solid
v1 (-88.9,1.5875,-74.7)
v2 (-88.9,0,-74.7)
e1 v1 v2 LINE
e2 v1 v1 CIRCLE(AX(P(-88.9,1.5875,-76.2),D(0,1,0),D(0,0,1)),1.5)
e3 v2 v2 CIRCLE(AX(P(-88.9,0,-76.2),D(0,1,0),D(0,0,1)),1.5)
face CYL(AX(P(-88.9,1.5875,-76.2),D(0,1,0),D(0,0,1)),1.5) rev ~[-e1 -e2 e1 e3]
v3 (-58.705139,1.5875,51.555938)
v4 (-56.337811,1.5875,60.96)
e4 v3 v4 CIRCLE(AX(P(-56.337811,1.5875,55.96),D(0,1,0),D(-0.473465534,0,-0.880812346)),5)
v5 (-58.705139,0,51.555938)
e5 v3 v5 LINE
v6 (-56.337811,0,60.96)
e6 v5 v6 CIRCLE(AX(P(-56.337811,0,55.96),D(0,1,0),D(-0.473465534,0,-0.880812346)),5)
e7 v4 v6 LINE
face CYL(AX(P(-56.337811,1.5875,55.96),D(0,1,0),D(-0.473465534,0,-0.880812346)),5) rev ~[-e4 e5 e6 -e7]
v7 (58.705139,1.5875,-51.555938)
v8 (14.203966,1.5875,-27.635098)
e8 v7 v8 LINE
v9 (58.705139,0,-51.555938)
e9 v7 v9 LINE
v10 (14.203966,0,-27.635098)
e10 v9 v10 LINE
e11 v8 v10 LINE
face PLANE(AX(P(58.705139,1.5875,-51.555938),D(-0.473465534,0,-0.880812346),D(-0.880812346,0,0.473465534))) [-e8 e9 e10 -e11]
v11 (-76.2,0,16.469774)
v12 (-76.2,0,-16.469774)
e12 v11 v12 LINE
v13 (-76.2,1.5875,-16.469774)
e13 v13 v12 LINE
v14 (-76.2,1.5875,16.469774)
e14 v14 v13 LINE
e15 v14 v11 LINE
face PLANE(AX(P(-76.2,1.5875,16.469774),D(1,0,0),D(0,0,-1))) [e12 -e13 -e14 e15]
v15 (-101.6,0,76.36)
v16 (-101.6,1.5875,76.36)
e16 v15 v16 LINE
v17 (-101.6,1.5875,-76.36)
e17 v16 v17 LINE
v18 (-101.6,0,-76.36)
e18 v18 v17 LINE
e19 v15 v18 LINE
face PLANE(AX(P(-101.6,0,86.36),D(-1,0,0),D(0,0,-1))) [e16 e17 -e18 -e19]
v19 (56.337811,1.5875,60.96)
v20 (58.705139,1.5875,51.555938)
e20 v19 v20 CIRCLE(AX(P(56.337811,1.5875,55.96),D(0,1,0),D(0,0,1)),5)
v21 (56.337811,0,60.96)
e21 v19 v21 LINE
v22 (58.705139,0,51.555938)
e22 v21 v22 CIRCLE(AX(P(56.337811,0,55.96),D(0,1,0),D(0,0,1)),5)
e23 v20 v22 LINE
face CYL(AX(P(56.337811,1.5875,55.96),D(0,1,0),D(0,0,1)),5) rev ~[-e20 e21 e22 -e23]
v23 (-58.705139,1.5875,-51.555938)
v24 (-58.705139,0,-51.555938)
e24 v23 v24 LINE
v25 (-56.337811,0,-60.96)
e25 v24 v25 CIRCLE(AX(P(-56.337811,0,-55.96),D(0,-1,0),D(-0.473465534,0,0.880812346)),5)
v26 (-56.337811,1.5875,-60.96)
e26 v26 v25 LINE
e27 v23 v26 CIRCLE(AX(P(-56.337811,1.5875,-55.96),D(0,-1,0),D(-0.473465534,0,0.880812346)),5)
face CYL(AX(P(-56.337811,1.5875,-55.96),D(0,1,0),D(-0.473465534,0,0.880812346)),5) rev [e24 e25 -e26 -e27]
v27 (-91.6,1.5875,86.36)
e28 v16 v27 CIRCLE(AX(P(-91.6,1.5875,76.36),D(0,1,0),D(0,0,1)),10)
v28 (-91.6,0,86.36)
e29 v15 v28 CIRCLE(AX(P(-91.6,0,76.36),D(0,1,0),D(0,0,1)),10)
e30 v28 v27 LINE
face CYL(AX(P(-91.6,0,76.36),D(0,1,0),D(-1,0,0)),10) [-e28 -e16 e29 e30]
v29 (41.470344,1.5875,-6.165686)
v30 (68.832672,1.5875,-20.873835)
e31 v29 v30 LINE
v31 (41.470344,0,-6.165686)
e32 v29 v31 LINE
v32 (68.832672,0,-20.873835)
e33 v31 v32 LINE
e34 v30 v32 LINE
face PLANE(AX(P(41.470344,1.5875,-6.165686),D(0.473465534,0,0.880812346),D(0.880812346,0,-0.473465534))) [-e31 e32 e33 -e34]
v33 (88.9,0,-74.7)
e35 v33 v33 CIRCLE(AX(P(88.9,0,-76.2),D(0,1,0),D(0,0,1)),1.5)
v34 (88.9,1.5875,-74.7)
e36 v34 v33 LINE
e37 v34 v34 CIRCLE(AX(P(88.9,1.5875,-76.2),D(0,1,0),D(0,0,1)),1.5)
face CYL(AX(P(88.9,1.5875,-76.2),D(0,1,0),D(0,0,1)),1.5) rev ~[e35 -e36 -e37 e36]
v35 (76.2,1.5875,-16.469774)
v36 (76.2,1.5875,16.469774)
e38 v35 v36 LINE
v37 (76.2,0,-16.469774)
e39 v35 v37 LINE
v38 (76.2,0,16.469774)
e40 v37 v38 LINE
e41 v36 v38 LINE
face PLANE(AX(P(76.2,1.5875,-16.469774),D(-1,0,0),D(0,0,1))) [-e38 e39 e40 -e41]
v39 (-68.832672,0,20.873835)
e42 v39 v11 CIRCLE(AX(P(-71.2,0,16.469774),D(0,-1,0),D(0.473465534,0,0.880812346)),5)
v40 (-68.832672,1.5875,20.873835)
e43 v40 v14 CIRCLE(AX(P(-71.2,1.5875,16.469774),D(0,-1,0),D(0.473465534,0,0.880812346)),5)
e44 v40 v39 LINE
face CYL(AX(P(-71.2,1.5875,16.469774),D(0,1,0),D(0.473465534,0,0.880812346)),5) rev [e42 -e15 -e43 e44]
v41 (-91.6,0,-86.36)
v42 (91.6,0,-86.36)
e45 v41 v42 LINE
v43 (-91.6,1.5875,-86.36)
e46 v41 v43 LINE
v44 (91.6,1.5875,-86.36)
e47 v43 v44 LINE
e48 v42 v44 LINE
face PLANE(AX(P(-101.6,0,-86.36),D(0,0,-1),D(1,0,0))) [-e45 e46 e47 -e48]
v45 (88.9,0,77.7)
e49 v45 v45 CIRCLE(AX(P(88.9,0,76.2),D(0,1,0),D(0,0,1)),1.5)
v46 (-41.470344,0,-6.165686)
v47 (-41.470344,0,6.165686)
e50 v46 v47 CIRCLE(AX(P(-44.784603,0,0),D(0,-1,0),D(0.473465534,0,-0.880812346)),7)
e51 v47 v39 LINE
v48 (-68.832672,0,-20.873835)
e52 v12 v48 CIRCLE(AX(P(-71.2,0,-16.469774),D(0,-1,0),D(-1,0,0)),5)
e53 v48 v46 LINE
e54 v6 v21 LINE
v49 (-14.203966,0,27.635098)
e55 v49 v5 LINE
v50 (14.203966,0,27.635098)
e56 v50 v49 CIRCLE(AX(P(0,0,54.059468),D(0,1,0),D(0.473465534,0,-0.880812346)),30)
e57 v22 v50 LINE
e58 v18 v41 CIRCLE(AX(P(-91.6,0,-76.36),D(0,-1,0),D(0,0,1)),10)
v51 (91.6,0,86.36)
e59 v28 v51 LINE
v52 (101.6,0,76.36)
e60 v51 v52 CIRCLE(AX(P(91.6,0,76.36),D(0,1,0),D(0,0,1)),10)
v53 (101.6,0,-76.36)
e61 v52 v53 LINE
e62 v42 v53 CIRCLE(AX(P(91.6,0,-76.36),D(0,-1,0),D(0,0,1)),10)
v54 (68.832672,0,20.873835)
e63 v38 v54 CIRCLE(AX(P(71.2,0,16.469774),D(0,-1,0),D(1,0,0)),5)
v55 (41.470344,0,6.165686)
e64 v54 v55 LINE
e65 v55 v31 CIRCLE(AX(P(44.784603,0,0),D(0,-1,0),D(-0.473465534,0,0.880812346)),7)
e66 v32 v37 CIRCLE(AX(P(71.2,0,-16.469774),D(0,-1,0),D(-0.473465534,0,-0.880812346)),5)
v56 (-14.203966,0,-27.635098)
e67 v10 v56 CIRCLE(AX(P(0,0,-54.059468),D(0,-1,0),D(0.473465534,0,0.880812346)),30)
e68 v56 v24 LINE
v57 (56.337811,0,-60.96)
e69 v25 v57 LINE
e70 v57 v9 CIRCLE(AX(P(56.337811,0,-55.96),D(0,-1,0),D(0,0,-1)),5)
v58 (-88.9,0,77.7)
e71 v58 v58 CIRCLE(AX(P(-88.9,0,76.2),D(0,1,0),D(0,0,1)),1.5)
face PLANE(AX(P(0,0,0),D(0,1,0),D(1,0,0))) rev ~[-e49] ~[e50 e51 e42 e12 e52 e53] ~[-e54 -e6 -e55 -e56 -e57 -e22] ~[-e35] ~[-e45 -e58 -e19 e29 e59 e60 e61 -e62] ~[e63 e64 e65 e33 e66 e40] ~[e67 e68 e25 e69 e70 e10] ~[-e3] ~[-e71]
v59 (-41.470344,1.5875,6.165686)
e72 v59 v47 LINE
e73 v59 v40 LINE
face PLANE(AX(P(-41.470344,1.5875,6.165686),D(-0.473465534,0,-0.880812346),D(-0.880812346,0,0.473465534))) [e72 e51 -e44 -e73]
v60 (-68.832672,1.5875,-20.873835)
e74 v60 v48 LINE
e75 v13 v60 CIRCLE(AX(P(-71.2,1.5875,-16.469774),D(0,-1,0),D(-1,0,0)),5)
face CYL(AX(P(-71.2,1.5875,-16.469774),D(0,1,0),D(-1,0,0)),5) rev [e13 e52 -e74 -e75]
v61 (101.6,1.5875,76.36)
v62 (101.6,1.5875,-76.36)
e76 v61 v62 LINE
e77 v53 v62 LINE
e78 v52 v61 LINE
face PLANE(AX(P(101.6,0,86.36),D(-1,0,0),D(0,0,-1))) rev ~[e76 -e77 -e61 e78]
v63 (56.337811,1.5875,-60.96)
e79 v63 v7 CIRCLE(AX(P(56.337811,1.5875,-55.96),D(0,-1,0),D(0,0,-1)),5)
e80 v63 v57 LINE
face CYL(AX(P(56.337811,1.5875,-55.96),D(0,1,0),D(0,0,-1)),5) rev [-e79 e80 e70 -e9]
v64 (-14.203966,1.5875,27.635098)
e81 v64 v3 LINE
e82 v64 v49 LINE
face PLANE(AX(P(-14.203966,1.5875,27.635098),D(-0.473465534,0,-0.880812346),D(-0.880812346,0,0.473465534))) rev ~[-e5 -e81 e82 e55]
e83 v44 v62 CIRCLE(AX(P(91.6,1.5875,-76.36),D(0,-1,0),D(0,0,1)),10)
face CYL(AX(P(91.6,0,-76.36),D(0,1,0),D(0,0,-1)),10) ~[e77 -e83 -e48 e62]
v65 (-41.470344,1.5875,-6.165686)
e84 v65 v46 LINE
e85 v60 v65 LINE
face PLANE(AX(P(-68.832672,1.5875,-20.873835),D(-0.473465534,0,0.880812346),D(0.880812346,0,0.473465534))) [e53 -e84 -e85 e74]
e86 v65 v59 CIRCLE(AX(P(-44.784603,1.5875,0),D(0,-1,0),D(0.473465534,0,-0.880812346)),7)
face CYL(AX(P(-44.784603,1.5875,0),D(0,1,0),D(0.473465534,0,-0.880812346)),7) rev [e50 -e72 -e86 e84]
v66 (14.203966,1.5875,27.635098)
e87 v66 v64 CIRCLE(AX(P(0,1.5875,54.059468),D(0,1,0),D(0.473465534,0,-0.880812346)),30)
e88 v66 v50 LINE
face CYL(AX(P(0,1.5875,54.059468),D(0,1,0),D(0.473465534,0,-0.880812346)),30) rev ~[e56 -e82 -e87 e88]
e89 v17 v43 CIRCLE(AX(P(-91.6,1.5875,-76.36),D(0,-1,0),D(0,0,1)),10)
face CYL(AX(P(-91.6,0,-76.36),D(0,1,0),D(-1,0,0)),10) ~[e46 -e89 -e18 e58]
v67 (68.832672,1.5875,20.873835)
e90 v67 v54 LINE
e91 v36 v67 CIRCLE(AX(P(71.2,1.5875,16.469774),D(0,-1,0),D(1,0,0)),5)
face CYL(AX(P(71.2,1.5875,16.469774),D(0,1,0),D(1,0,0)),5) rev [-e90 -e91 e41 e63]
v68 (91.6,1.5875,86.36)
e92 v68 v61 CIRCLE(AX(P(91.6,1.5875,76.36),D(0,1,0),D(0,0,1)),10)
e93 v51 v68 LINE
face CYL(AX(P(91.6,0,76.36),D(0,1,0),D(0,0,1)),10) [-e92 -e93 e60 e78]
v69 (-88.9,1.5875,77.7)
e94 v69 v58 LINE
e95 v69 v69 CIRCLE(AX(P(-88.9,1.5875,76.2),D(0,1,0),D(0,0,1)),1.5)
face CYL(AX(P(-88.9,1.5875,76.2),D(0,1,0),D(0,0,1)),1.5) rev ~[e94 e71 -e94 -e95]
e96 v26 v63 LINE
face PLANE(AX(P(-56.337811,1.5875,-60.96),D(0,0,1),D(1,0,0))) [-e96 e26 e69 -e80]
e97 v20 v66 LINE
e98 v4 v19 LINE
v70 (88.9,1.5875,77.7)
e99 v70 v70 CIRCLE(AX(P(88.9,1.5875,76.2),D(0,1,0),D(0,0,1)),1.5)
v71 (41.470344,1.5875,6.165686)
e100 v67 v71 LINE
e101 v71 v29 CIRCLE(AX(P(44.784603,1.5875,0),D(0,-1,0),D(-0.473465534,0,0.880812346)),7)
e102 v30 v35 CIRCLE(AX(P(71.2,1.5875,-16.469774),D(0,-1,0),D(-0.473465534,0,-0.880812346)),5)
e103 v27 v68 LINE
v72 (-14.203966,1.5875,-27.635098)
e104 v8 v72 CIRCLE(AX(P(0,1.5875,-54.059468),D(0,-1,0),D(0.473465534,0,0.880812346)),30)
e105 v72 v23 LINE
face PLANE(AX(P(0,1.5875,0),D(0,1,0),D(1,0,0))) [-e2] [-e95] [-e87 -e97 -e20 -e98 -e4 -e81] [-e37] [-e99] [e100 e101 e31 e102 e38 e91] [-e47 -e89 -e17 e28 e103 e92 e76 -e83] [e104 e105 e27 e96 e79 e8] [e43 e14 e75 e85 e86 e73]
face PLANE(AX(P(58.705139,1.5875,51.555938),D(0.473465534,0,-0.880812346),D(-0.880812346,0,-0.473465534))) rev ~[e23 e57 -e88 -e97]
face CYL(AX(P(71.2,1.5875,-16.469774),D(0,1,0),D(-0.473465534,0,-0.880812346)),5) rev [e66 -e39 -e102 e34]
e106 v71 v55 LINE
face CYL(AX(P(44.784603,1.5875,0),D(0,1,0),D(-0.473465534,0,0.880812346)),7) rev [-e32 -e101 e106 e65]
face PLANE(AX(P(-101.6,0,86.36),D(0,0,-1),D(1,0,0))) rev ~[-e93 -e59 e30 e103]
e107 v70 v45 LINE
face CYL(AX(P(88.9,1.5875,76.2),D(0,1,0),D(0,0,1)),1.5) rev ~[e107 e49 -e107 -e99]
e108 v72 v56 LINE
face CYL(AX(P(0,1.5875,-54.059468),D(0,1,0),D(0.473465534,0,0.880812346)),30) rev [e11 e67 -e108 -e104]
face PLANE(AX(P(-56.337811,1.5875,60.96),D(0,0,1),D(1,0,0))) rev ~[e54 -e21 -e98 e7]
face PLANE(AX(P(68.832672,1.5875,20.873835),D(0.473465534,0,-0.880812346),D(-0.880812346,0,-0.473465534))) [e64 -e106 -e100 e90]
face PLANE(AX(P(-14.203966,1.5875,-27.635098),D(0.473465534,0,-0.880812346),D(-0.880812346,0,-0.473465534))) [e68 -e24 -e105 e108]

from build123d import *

# Parameters (mm, degrees)
SKETCH1_W           = 203.2
SKETCH1_H           = 172.72
BOSS_EXTRUDE1_DEPTH = 1.5875
CUT_EXTRUDE1_DEPTH  = 1.5875
SKETCH3_R           = 1.5
CUT_EXTRUDE2_DEPTH  = 1.5875
FILLET1_R           = 10


with BuildPart() as part:
    # Sketch1 → Boss-Extrude1 (new body)
    with BuildSketch(Plane(origin=(0, 0, 0), x_dir=(1, 0, 0), z_dir=(0, 1, 0))):
        Rectangle(SKETCH1_W, SKETCH1_H)
    extrude(amount=BOSS_EXTRUDE1_DEPTH)

    # Sketch2 → Cut-Extrude1 (cut)
    with BuildSketch(Plane(origin=(0, 1.5875, 0), x_dir=(1, 0, 0), z_dir=(0, 1, 0))):
        with BuildLine():
            Line((-56.337811401, 60.96), (56.337811401, 60.96))
            ThreePointArc((56.337811401, 60.96), (61.186538483, 57.180592348), (58.70513907, 51.555938272))
            Line((58.70513907, 51.555938272), (14.203966015, 27.635097742))
            ThreePointArc((14.203966015, 27.635097742), (0, 24.059468112), (-14.203966015, 27.635097742))
            Line((-14.203966015, 27.635097742), (-58.70513907, 51.555938272))
            ThreePointArc((-58.70513907, 51.555938272), (-61.186538483, 57.180592348), (-56.337811401, 60.96))
        make_face()
        with BuildLine():
            Line((-56.337811401, -60.96), (56.337811401, -60.96))
            ThreePointArc((56.337811401, -60.96), (61.186538483, -57.180592348), (58.70513907, -51.555938272))
            Line((58.70513907, -51.555938272), (14.203966015, -27.635097742))
            ThreePointArc((14.203966015, -27.635097742), (0, -24.059468112), (-14.203966015, -27.635097742))
            Line((-14.203966015, -27.635097742), (-58.70513907, -51.555938272))
            ThreePointArc((-58.70513907, -51.555938272), (-61.186538483, -57.180592348), (-56.337811401, -60.96))
        make_face()
        with BuildLine():
            Line((-68.832672331, 20.873835416), (-41.470344365, 6.16568642))
            ThreePointArc((-41.470344365, 6.16568642), (-37.784603101, 0), (-41.470344365, -6.16568642))
            Line((-41.470344365, -6.16568642), (-68.832672331, -20.873835416))
            ThreePointArc((-68.832672331, -20.873835416), (-73.765478674, -20.761430614), (-76.2, -16.469773687))
            Line((-76.2, -16.469773687), (-76.2, 16.469773687))
            ThreePointArc((-76.2, 16.469773687), (-73.765478674, 20.761430614), (-68.832672331, 20.873835416))
        make_face()
        with BuildLine():
            Line((41.470344365, 6.16568642), (68.832672331, 20.873835416))
            ThreePointArc((68.832672331, 20.873835416), (73.765478674, 20.761430614), (76.2, 16.469773687))
            Line((76.2, 16.469773687), (76.2, -16.469773687))
            ThreePointArc((76.2, -16.469773687), (73.765478674, -20.761430614), (68.832672331, -20.873835416))
            Line((68.832672331, -20.873835416), (41.470344365, -6.16568642))
            ThreePointArc((41.470344365, -6.16568642), (37.784603101, 0), (41.470344365, 6.16568642))
        make_face()
    extrude(amount=-CUT_EXTRUDE1_DEPTH, mode=Mode.SUBTRACT)

    # Sketch3 → Cut-Extrude2 (cut)
    with BuildSketch(Plane(origin=(0, 1.5875, 0), x_dir=(1, 0, 0), z_dir=(0, 1, 0))):
        with Locations(Location((-88.9, 76.2, 0), (0, 0, 270))):
            Circle(SKETCH3_R)
        with Locations(Location((88.9, 76.2, 0), (0, 0, 270))):
            Circle(SKETCH3_R)
        with Locations(Location((88.9, -76.2, 0), (0, 0, 270))):
            Circle(SKETCH3_R)
        with Locations(Location((-88.9, -76.2, 0), (0, 0, 270))):
            Circle(SKETCH3_R)
    extrude(amount=-CUT_EXTRUDE2_DEPTH, mode=Mode.SUBTRACT)

    # Fillet1
    fillet1_edges = [part.edges().sort_by_distance(p)[0] for p in [
        (101.6, 0.79375, 86.36),
        (-101.6, 0.79375, 86.36),
        (-101.6, 0.79375, -86.36),
        (101.6, 0.79375, -86.36),
    ]]
    fillet(fillet1_edges, radius=FILLET1_R)


solid = part.part
